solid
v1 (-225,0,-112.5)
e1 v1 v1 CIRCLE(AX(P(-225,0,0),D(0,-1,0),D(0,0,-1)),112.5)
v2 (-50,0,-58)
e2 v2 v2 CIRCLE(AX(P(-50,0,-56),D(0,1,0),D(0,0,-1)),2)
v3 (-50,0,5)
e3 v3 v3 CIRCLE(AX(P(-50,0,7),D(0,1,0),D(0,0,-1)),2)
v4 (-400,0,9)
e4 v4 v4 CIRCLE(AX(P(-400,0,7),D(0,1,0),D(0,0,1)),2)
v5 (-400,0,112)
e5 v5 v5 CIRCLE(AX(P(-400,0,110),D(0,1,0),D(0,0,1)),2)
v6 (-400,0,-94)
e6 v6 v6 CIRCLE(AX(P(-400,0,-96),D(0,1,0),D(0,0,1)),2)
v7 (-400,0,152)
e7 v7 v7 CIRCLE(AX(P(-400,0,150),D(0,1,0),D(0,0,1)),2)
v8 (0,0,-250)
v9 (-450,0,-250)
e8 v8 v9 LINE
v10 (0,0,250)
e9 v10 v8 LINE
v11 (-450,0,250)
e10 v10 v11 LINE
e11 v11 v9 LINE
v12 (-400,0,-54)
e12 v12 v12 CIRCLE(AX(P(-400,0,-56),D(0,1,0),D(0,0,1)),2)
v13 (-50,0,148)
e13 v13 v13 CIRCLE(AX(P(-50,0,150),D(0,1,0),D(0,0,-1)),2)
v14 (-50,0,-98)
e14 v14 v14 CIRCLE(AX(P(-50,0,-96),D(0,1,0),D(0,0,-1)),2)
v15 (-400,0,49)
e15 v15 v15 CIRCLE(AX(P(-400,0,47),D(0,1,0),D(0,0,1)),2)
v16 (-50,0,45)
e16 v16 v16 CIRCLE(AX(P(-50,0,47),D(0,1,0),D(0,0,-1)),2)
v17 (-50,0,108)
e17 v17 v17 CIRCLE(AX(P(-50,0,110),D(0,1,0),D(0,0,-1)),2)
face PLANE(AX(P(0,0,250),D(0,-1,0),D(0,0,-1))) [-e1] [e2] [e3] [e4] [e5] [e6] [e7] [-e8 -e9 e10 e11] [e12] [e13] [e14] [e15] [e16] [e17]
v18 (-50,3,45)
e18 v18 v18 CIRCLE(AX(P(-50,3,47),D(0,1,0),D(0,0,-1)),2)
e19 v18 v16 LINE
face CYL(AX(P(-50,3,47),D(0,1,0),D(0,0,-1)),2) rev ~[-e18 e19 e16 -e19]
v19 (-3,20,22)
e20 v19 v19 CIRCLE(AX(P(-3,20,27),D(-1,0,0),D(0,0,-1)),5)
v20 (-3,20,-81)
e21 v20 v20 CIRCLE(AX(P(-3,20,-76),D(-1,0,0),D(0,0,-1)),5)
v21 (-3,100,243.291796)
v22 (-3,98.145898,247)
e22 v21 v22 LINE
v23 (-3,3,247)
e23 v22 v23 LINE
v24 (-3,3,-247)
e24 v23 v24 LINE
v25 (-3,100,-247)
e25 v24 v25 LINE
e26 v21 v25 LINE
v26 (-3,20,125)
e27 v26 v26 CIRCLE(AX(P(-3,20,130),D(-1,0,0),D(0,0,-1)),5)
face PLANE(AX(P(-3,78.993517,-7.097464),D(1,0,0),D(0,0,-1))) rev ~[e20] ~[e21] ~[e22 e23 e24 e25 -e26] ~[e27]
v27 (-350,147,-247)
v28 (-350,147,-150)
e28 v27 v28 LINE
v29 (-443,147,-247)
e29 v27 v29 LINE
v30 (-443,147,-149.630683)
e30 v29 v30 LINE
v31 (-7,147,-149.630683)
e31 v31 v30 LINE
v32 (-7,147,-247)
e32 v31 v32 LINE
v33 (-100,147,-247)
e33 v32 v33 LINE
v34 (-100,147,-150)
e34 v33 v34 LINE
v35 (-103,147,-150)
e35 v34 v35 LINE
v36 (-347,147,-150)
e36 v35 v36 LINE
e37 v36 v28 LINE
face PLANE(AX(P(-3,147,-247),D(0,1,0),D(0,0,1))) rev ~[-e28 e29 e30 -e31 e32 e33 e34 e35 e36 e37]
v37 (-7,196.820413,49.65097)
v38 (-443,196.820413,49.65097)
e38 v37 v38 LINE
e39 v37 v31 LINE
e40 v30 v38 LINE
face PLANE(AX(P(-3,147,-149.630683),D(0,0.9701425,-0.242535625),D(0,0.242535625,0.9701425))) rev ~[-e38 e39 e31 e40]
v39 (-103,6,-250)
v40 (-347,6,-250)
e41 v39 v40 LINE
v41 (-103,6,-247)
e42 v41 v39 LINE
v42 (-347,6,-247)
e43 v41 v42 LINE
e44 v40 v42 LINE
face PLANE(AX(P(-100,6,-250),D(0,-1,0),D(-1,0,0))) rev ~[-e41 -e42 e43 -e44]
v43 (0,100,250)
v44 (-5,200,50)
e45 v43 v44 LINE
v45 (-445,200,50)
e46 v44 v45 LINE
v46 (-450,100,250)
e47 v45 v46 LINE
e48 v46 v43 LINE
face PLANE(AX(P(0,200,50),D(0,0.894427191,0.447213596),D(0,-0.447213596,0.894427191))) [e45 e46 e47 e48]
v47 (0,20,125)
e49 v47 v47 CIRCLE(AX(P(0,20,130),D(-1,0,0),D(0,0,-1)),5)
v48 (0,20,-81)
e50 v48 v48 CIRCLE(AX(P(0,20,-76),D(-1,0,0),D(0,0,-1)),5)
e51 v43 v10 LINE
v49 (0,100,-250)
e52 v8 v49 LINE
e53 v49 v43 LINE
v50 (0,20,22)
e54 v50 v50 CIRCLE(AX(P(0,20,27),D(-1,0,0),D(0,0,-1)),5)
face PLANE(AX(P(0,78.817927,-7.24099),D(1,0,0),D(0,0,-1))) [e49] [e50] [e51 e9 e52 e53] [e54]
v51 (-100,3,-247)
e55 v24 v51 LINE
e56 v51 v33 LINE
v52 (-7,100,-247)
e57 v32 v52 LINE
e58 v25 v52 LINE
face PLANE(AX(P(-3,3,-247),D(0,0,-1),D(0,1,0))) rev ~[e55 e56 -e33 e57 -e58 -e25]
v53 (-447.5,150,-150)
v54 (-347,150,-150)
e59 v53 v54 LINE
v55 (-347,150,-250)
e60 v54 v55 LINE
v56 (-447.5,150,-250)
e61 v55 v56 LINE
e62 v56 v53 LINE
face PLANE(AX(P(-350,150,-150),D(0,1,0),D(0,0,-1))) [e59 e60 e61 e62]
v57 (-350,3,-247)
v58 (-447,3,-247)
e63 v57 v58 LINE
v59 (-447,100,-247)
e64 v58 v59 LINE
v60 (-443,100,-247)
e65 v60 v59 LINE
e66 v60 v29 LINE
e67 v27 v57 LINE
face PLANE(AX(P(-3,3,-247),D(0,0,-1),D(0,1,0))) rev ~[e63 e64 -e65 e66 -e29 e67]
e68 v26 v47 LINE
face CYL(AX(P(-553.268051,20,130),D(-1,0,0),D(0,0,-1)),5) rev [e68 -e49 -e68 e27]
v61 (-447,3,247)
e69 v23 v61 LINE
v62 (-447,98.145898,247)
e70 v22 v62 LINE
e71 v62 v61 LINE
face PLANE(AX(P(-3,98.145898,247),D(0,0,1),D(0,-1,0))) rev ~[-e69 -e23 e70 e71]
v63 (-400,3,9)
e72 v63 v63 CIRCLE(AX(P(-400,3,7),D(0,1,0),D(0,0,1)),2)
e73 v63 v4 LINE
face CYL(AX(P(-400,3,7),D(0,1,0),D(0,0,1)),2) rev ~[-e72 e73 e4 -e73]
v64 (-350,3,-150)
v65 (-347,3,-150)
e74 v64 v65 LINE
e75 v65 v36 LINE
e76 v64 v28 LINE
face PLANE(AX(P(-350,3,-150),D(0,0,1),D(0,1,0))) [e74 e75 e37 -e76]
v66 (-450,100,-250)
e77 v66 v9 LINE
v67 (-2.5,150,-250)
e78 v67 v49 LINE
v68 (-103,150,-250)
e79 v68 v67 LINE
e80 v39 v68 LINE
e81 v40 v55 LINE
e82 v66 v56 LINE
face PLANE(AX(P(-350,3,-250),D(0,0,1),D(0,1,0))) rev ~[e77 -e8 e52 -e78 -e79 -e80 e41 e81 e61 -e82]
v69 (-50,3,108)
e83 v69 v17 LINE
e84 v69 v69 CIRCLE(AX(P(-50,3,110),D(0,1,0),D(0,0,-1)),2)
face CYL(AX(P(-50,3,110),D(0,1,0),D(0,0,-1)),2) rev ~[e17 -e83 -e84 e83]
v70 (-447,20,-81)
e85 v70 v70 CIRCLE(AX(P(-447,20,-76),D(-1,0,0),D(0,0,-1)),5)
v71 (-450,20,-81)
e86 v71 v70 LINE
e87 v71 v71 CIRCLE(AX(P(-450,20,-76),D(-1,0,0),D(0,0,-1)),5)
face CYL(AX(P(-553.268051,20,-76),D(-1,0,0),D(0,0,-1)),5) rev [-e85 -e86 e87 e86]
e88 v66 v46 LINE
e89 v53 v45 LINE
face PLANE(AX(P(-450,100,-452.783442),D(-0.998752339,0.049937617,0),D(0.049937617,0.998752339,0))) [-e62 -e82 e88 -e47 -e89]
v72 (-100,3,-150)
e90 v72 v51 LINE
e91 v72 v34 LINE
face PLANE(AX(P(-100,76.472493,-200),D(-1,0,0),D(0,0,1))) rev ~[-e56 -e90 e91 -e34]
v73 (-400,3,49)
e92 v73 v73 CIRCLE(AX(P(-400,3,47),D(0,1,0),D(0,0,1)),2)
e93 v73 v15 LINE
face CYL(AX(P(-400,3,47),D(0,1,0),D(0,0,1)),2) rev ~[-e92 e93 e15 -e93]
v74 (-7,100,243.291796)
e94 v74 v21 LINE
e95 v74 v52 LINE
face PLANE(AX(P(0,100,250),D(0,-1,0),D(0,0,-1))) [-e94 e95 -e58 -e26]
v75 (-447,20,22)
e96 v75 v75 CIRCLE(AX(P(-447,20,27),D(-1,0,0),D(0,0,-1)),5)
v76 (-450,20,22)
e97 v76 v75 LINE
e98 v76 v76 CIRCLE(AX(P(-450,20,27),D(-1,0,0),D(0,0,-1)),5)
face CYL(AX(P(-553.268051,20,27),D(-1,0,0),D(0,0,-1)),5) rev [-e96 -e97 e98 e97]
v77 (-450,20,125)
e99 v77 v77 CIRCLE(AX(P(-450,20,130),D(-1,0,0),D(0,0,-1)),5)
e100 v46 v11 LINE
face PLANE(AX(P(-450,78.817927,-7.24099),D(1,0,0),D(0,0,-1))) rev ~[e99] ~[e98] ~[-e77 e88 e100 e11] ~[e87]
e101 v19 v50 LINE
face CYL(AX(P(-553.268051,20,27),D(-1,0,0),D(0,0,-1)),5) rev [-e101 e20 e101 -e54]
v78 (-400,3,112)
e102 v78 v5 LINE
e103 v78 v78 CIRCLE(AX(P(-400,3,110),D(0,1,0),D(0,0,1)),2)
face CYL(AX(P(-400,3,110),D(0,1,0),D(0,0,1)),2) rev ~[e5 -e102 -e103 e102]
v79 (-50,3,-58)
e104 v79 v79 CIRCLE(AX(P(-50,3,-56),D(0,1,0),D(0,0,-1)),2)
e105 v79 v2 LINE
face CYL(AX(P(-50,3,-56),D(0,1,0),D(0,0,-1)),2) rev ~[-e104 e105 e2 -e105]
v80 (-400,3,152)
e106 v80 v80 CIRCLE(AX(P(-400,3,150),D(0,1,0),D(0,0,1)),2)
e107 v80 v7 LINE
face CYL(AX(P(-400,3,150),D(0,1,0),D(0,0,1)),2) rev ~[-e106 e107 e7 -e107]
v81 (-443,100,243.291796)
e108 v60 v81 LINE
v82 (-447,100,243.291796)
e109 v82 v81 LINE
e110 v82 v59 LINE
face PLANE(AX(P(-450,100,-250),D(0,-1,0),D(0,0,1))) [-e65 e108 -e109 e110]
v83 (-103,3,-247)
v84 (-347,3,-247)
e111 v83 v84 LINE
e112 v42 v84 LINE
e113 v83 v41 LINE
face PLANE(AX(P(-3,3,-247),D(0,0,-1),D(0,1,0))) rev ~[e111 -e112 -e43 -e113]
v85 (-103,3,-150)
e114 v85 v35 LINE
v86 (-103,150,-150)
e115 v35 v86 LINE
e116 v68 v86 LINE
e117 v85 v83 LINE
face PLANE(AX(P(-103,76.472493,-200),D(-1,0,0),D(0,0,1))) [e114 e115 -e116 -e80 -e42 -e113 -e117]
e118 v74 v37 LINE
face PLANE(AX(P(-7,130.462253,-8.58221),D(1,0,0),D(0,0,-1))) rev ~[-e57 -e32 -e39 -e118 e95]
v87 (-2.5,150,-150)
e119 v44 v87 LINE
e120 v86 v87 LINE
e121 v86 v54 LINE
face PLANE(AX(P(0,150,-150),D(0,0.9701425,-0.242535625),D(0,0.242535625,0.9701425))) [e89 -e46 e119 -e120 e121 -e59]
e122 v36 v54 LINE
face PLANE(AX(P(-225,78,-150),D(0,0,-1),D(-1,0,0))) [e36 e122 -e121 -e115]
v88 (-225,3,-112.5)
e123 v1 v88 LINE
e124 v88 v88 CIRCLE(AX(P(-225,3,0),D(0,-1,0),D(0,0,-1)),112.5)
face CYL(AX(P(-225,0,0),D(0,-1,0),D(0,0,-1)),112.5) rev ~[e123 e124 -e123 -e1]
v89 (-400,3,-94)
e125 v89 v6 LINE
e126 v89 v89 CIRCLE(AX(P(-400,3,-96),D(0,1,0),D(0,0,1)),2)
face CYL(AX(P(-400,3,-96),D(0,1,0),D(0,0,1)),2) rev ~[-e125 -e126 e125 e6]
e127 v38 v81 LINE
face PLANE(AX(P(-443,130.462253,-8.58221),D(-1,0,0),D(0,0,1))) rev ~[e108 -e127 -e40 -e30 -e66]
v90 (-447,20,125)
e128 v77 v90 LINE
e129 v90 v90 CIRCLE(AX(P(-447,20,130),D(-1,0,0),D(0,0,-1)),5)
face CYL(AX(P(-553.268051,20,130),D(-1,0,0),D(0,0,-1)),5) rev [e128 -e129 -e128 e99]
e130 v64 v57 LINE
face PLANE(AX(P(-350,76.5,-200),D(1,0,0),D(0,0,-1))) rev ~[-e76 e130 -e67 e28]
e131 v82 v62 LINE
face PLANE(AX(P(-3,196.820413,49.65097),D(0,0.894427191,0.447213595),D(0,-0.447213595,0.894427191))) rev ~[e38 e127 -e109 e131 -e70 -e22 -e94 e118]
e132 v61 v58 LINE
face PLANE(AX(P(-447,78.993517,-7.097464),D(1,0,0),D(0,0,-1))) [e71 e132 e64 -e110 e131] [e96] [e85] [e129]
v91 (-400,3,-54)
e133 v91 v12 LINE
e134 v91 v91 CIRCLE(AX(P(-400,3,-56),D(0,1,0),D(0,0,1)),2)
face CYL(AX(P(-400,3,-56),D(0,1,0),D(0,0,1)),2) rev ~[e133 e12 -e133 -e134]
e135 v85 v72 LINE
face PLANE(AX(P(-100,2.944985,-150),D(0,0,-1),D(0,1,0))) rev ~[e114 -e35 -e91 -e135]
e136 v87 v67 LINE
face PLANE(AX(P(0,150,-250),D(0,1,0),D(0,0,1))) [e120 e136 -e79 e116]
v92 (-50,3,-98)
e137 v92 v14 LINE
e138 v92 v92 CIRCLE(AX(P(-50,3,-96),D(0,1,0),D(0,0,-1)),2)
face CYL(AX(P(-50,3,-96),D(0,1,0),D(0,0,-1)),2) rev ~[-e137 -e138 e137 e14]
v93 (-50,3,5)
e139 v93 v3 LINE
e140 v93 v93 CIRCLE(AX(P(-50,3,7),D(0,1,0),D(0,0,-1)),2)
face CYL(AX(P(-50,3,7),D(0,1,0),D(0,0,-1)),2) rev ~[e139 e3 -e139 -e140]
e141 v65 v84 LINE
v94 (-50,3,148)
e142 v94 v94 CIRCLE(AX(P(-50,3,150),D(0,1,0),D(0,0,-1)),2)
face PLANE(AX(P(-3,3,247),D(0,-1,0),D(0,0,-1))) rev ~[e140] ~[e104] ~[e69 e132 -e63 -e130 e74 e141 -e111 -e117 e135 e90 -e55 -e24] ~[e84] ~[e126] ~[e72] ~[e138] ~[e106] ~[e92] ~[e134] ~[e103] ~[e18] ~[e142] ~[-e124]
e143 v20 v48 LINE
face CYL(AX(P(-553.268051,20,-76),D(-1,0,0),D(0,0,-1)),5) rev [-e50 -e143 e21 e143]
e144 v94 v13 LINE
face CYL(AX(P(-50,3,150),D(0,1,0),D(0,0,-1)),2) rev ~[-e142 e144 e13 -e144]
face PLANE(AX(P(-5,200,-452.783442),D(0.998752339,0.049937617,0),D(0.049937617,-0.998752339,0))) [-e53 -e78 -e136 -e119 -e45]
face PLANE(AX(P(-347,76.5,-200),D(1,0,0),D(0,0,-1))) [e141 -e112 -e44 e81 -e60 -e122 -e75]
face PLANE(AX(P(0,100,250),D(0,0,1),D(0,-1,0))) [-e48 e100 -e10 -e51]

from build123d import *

# Parameters (mm, degrees)
BOSS_EXTRUDE1_DEPTH     = 450
CUT_EXTRUDE1_START      = -3
CUT_EXTRUDE1_DEPTH      = 444
SKETCH4_W               = 250
SKETCH4_H               = 144
CUT_EXTRUDE2_DEPTH      = 100
SKETCH5_R               = 112.5
CUT_EXTRUDE3_DEPTH      = 3
CUT_EXTRUDE5_DEPTH      = 553.268050859
CUT_EXTRUDE5_DEPTH_BACK = 553.268050859
SKETCH7_R               = 5
BOSS_EXTRUDE2_DEPTH     = 7
BOSS_EXTRUDE3_DEPTH     = 7
CUT_EXTRUDE7_DEPTH      = 702.783442381
CUT_EXTRUDE7_DEPTH_BACK = 702.783442381
SKETCH12_W              = 100
SKETCH12_H              = 147.055014966
BOSS_EXTRUDE4_DEPTH     = 3
SKETCH14_W              = 100
SKETCH14_H              = 147
BOSS_EXTRUDE5_DEPTH     = 3
SKETCH15_R              = 2
CUT_EXTRUDE8_DEPTH      = 3


with BuildPart() as part:
    # Sketch2 → Boss-Extrude1 (new body)
    with BuildSketch(Plane(origin=(0, 0, 0), x_dir=(0, 0, -1), z_dir=(1, 0, 0))):
        Polygon((-250, 0), (250, 0), (250, 150), (150, 150), (-50, 200), (-250, 100), align=None)
    extrude(amount=-BOSS_EXTRUDE1_DEPTH)

    # Sketch3 → Cut-Extrude1 (cut)
    with BuildSketch(Plane(origin=(0, 0, 0), x_dir=(0, 0, -1), z_dir=(1, 0, 0)).offset(CUT_EXTRUDE1_START)):
        Polygon((-247, 98.145898034), (-247, 3), (247, 3), (247, 147), (149.630683123, 147), (-49.650969671, 196.820413198), align=None)
    extrude(amount=-CUT_EXTRUDE1_DEPTH, mode=Mode.SUBTRACT)

    # Sketch4 → Cut-Extrude2 (cut)
    with BuildSketch(Plane(origin=(0, 0, -250), x_dir=(-1, 0, 0), z_dir=(0, 0, -1))):
        with Locations((225, 78)):
            Rectangle(SKETCH4_W, SKETCH4_H)
    extrude(amount=-CUT_EXTRUDE2_DEPTH, mode=Mode.SUBTRACT)

    # Sketch5 → Cut-Extrude3 (cut)
    with BuildSketch(Plane.XZ):
        with Locations(Location((-225, 0, 0), (0, 0, 270))):
            Circle(SKETCH5_R)
    extrude(amount=-CUT_EXTRUDE3_DEPTH, mode=Mode.SUBTRACT)

    # Sketch7 → Cut-Extrude5 (cut, two sides: drawn at the far end of the back side and taken through both)
    with BuildSketch(Plane(origin=(0, 0, 0), x_dir=(0, 0, -1), z_dir=(1, 0, 0)).offset(-CUT_EXTRUDE5_DEPTH_BACK)):
        with Locations((-130, 20)):
            Circle(SKETCH7_R)
        with Locations((-27, 20)):
            Circle(SKETCH7_R)
        with Locations((76, 20)):
            Circle(SKETCH7_R)
    extrude(amount=CUT_EXTRUDE5_DEPTH + CUT_EXTRUDE5_DEPTH_BACK, mode=Mode.SUBTRACT)

    # Sketch9 → Boss-Extrude2 (add)
    with BuildSketch(Plane(origin=(0, 0, 0), x_dir=(0, 0, -1), z_dir=(1, 0, 0))):
        Polygon((-250, 100), (250, 100), (250, 150), (150, 150), (-50, 200), align=None)
    extrude(amount=-BOSS_EXTRUDE2_DEPTH)

    # Sketch10 → Boss-Extrude3 (add)
    with BuildSketch(Plane.ZY.offset(450)):
        Polygon((250, 100), (50, 200), (-150, 150), (-250, 150), (-250, 100), align=None)
    extrude(amount=-BOSS_EXTRUDE3_DEPTH)

    # Sketch11 → Cut-Extrude7 (cut, two sides: drawn at the far end of the back side and taken through both)
    with BuildSketch(Plane.XY.offset(250).offset(-CUT_EXTRUDE7_DEPTH_BACK)):
        Polygon((0, 100), (0, 200), (-5, 200), align=None)
        Polygon((-450, 200), (-450, 100), (-445, 200), align=None)
    extrude(amount=CUT_EXTRUDE7_DEPTH + CUT_EXTRUDE7_DEPTH_BACK, mode=Mode.SUBTRACT)

    # Sketch12 → Boss-Extrude4 (add)
    with BuildSketch(Plane.ZY.offset(100)):
        with Locations((-200, 76.472492517)):
            Rectangle(SKETCH12_W, SKETCH12_H)
    extrude(amount=BOSS_EXTRUDE4_DEPTH)

    # Sketch14 → Boss-Extrude5 (add)
    with BuildSketch(Plane(origin=(-350, 0, 0), x_dir=(0, 0, -1), z_dir=(1, 0, 0))):
        with Locations((200, 76.5)):
            Rectangle(SKETCH14_W, SKETCH14_H)
    extrude(amount=BOSS_EXTRUDE5_DEPTH)

    # Sketch15 → Cut-Extrude8 (cut)
    with BuildSketch(Plane(origin=(0, 3, 0), x_dir=(1, 0, 0), z_dir=(0, 1, 0))):
        with Locations(Location((-400, 96, 0), (0, 0, 270))):
            Circle(SKETCH15_R)
        with Locations(Location((-400, 56, 0), (0, 0, 270))):
            Circle(SKETCH15_R)
        with Locations(Location((-400, -7, 0), (0, 0, 270))):
            Circle(SKETCH15_R)
        with Locations(Location((-400, -47, 0), (0, 0, 270))):
            Circle(SKETCH15_R)
        with Locations(Location((-400, -110, 0), (0, 0, 270))):
            Circle(SKETCH15_R)
        with Locations(Location((-400, -150, 0), (0, 0, 270))):
            Circle(SKETCH15_R)
        with Locations(Location((-50, -150, 0), (0, 0, 90))):
            Circle(SKETCH15_R)
        with Locations(Location((-50, -110, 0), (0, 0, 90))):
            Circle(SKETCH15_R)
        with Locations(Location((-50, -47, 0), (0, 0, 90))):
            Circle(SKETCH15_R)
        with Locations(Location((-50, -7, 0), (0, 0, 90))):
            Circle(SKETCH15_R)
        with Locations(Location((-50, 56, 0), (0, 0, 90))):
            Circle(SKETCH15_R)
        with Locations(Location((-50, 96, 0), (0, 0, 90))):
            Circle(SKETCH15_R)
    extrude(amount=-CUT_EXTRUDE8_DEPTH, mode=Mode.SUBTRACT)


solid = part.part
